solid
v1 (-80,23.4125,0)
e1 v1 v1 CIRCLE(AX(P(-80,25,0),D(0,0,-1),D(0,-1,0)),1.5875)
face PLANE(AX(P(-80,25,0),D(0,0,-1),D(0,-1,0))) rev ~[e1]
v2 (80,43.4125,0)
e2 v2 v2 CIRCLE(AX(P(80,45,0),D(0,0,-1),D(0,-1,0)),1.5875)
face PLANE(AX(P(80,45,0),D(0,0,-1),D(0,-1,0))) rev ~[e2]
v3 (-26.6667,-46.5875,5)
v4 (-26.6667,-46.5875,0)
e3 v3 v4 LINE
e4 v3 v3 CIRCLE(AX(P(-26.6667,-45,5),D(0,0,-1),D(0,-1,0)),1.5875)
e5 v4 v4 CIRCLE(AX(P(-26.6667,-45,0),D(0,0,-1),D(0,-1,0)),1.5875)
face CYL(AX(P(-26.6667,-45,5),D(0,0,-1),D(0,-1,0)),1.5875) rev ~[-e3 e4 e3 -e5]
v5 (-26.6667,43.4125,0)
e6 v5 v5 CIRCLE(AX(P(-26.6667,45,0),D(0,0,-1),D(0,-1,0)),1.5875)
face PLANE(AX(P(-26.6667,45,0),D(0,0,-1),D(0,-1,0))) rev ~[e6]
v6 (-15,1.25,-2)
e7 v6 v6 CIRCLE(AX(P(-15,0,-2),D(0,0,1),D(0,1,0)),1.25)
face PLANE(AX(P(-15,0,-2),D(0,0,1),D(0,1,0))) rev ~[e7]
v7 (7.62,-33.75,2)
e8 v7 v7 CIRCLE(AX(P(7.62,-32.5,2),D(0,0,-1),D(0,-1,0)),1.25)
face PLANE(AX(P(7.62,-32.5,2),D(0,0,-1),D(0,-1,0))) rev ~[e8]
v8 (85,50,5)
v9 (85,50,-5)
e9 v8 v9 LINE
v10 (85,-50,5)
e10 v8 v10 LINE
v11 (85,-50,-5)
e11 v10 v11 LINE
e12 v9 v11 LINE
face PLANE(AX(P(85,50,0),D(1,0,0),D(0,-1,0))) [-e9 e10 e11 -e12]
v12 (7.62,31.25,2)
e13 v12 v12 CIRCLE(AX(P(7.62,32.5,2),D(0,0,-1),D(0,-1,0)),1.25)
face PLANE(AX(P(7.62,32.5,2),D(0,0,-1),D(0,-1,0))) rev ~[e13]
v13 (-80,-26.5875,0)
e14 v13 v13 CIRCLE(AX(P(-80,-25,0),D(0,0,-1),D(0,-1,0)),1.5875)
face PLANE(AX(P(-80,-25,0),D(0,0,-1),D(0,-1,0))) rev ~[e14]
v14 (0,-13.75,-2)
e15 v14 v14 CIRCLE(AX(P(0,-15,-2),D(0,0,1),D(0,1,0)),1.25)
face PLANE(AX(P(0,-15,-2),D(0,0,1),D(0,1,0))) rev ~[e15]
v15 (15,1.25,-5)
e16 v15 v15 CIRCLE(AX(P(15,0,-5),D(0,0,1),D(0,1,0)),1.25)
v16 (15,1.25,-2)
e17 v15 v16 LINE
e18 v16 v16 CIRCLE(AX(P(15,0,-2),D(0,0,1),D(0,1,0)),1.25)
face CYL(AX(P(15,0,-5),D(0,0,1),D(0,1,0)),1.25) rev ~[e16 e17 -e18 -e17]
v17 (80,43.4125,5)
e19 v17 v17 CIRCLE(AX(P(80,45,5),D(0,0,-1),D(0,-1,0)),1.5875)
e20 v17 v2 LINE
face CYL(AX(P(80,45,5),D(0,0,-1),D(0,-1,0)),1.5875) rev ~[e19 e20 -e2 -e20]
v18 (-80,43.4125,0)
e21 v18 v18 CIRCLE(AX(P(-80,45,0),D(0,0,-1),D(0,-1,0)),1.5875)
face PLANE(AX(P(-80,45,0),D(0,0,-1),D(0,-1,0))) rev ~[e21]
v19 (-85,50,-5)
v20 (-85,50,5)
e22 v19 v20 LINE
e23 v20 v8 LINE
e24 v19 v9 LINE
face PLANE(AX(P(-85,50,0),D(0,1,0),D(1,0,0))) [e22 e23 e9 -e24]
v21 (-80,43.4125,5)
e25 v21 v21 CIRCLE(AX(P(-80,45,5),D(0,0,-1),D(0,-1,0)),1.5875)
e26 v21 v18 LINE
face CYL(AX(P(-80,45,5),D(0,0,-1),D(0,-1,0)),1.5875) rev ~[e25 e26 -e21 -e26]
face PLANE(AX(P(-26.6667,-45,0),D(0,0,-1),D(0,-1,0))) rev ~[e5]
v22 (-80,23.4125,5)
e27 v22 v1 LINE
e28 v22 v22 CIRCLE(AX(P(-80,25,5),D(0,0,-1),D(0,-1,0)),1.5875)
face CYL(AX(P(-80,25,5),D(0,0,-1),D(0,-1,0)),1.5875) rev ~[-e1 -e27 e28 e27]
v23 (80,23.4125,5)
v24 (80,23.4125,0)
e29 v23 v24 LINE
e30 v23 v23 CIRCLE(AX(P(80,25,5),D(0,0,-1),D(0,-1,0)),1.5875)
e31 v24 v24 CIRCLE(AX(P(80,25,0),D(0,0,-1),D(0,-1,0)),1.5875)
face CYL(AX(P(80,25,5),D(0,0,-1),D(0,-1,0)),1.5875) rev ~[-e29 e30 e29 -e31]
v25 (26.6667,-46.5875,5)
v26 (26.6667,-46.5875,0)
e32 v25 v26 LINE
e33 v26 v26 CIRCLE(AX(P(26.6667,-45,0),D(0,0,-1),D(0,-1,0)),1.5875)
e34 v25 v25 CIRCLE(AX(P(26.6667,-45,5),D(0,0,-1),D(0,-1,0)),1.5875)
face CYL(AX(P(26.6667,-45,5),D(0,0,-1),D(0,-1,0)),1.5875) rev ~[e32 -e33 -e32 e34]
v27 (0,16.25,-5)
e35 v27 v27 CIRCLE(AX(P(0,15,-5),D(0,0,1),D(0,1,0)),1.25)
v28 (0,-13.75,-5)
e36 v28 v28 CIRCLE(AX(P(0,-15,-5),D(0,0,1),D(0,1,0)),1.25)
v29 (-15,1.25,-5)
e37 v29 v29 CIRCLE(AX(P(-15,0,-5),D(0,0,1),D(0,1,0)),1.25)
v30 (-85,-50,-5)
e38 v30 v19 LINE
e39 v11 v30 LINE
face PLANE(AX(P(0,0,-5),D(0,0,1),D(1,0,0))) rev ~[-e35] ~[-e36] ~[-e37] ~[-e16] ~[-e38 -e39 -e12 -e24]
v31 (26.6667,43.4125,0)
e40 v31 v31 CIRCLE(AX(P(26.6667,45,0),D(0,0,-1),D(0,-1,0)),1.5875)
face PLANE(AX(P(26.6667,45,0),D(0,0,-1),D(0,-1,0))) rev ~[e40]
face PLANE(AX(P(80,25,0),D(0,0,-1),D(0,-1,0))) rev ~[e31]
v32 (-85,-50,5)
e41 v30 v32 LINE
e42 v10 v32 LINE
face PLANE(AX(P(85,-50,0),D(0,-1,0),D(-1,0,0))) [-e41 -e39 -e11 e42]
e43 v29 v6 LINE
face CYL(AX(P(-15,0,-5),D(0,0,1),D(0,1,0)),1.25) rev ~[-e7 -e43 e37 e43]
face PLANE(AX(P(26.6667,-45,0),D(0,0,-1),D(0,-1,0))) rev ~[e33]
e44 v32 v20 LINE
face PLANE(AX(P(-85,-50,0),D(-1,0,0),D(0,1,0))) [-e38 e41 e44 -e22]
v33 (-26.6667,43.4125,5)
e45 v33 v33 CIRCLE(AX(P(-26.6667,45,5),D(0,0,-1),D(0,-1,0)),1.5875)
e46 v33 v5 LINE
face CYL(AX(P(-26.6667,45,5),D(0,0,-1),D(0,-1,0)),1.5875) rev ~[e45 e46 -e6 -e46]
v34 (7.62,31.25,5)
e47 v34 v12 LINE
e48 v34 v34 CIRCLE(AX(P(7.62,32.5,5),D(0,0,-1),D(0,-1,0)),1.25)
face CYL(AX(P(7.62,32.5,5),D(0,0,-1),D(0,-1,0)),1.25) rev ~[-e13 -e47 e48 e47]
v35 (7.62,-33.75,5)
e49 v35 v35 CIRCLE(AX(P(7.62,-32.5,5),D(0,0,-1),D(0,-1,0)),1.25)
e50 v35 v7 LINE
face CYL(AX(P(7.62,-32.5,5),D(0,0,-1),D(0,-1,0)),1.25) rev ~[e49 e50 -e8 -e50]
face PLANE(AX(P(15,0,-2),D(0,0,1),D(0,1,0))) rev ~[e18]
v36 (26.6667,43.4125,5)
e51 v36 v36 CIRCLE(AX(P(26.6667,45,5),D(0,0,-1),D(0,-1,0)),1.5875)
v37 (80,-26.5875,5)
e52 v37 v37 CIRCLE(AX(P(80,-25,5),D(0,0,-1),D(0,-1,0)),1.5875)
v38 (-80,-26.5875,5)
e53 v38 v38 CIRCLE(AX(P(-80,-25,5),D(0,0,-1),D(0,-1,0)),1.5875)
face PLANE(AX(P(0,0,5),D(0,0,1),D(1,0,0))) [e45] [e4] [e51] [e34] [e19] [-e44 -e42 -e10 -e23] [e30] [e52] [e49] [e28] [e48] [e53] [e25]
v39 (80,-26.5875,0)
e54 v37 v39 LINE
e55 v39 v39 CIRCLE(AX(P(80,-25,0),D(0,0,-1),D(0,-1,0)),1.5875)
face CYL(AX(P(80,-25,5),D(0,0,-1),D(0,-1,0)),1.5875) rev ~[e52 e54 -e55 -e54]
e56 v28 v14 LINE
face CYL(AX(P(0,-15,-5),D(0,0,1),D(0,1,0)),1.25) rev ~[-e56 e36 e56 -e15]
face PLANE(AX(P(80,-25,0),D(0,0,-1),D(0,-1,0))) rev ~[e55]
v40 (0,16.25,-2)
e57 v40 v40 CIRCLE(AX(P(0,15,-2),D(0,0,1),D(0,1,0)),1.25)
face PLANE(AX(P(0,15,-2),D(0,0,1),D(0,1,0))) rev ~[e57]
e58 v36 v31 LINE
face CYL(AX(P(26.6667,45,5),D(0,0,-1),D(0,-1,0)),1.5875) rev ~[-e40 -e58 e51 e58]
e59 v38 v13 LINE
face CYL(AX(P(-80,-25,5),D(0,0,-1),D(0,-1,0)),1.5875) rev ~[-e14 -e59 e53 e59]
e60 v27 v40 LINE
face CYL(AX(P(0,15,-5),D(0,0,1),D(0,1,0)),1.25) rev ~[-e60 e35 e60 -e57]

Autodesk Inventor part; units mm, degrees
ref_plane "YZ Plane" through (0, 0, 0) normal (1, 0, 0) x (0, 1, 0)
ref_plane "XZ Plane" through (0, 0, 0) normal (0, 1, 0) x (-1, 0, 0)
ref_plane "XY Plane" through (0, 0, 0) normal (0, 0, 1) x (1, 0, 0)
sketch "Sketch1" plane through (0, 0, 0) normal (0, 0, 1) x (1, 0, 0)
  line L0 (-85, 50) -> (85, 50)
  line L1 (85, 50) -> (85, -50)
  line L2 (85, -50) -> (-85, -50)
  line L3 (-85, -50) -> (-85, 50)
  line L4 (-85, 50) -> (85, -50) construction
  line L5 (85, 50) -> (-85, -50) construction
  point P0 (0, 0)
  dimension "d0" = 170
  dimension "d1" = 100
extrude "Extrusion1" add sketch "Sketch1" along normal mid plane 10
sketch "Sketch2" plane through (0, 0, 5) normal (0, 0, 1) x (1, 0, 0)
  line L0 (-85, 50) -> (-85, -50) projected
  line L1 (-85, -50) -> (85, -50) projected
  line L2 (85, -50) -> (85, 50) projected
  line L3 (85, 50) -> (-85, 50) projected
  line L4 (-85, 50) -> (-85, -50) projected
  point P0 (0, 0)
  point P1 (80, 45)
  point P2 (26.6667, 45)
  point P3 (-80, 45)
  point P4 (80, 25)
  point P5 (80, -25)
  point P6 (-80, 25)
  point P7 (-80, -25)
  point P8 (-26.6667, 45)
  point P9 (26.6667, -45)
  point P10 (-26.6667, -45)
  dimension "d17" = 53.3333
  dimension "d53" = 50
  dimension "d61" = 160
  dimension "d68" = 160
  dimension "d73" = 5
  dimension "d74" = 5
  dimension "d75" = 5
  dimension "d77" = 5
  dimension "d112" = 53.3333
  dimension "d115" = 90
  dimension "d118" = 25
hole "Hole1" at (-80, 45, 5) at (26.6667, 45, 5) at (80, 45, 5) at (80, 25, 5) at (80, -25, 5) at (-80, 25, 5) at (-80, -25, 5) at (-26.6667, 45, 5) at (-26.6667, -45, 5) at (26.6667, -45, 5) direction (0, 0, -1) diameter 3.175 depth 5
sketch "Sketch3" plane through (0, 0, -5) normal (0, 0, -1) x (-1, 0, 0)
  point P0 (0, 0)
  point P1 (0, 15)
  point P2 (-15, 0)
  point P3 (0, -15)
  point P4 (15, 0)
  dimension "d81" = 15
  dimension "d84" = 360
hole "Hole2" at (0, 15, -5) at (15, 0, -5) at (0, -15, -5) at (-15, 0, -5) direction (0, 0, 1) diameter 2.5 depth 3
sketch "Sketch4" plane through (0, 0, 5) normal (0, 0, 1) x (1, 0, 0)
  line L0 (85, -50) -> (85, 50) projected
  line L1 (-85, 50) -> (-85, -50) projected
  point P0 (0, 0)
  point P1 (7.62, 32.5)
  point P2 (7.62, -32.5)
  dimension "d94" = 32.5
  dimension "d97" = 65
  dimension "d109" = 92.62
hole "Hole3" at (7.62, 32.5, 5) at (7.62, -32.5, 5) direction (0, 0, -1) diameter 2.5 depth 3
equation "\"d17\" = 0.333333 * d61"
equation "\"d112\" = d17"
equation "\"d118\" = 0.5 * d53"
properties part number "base"
